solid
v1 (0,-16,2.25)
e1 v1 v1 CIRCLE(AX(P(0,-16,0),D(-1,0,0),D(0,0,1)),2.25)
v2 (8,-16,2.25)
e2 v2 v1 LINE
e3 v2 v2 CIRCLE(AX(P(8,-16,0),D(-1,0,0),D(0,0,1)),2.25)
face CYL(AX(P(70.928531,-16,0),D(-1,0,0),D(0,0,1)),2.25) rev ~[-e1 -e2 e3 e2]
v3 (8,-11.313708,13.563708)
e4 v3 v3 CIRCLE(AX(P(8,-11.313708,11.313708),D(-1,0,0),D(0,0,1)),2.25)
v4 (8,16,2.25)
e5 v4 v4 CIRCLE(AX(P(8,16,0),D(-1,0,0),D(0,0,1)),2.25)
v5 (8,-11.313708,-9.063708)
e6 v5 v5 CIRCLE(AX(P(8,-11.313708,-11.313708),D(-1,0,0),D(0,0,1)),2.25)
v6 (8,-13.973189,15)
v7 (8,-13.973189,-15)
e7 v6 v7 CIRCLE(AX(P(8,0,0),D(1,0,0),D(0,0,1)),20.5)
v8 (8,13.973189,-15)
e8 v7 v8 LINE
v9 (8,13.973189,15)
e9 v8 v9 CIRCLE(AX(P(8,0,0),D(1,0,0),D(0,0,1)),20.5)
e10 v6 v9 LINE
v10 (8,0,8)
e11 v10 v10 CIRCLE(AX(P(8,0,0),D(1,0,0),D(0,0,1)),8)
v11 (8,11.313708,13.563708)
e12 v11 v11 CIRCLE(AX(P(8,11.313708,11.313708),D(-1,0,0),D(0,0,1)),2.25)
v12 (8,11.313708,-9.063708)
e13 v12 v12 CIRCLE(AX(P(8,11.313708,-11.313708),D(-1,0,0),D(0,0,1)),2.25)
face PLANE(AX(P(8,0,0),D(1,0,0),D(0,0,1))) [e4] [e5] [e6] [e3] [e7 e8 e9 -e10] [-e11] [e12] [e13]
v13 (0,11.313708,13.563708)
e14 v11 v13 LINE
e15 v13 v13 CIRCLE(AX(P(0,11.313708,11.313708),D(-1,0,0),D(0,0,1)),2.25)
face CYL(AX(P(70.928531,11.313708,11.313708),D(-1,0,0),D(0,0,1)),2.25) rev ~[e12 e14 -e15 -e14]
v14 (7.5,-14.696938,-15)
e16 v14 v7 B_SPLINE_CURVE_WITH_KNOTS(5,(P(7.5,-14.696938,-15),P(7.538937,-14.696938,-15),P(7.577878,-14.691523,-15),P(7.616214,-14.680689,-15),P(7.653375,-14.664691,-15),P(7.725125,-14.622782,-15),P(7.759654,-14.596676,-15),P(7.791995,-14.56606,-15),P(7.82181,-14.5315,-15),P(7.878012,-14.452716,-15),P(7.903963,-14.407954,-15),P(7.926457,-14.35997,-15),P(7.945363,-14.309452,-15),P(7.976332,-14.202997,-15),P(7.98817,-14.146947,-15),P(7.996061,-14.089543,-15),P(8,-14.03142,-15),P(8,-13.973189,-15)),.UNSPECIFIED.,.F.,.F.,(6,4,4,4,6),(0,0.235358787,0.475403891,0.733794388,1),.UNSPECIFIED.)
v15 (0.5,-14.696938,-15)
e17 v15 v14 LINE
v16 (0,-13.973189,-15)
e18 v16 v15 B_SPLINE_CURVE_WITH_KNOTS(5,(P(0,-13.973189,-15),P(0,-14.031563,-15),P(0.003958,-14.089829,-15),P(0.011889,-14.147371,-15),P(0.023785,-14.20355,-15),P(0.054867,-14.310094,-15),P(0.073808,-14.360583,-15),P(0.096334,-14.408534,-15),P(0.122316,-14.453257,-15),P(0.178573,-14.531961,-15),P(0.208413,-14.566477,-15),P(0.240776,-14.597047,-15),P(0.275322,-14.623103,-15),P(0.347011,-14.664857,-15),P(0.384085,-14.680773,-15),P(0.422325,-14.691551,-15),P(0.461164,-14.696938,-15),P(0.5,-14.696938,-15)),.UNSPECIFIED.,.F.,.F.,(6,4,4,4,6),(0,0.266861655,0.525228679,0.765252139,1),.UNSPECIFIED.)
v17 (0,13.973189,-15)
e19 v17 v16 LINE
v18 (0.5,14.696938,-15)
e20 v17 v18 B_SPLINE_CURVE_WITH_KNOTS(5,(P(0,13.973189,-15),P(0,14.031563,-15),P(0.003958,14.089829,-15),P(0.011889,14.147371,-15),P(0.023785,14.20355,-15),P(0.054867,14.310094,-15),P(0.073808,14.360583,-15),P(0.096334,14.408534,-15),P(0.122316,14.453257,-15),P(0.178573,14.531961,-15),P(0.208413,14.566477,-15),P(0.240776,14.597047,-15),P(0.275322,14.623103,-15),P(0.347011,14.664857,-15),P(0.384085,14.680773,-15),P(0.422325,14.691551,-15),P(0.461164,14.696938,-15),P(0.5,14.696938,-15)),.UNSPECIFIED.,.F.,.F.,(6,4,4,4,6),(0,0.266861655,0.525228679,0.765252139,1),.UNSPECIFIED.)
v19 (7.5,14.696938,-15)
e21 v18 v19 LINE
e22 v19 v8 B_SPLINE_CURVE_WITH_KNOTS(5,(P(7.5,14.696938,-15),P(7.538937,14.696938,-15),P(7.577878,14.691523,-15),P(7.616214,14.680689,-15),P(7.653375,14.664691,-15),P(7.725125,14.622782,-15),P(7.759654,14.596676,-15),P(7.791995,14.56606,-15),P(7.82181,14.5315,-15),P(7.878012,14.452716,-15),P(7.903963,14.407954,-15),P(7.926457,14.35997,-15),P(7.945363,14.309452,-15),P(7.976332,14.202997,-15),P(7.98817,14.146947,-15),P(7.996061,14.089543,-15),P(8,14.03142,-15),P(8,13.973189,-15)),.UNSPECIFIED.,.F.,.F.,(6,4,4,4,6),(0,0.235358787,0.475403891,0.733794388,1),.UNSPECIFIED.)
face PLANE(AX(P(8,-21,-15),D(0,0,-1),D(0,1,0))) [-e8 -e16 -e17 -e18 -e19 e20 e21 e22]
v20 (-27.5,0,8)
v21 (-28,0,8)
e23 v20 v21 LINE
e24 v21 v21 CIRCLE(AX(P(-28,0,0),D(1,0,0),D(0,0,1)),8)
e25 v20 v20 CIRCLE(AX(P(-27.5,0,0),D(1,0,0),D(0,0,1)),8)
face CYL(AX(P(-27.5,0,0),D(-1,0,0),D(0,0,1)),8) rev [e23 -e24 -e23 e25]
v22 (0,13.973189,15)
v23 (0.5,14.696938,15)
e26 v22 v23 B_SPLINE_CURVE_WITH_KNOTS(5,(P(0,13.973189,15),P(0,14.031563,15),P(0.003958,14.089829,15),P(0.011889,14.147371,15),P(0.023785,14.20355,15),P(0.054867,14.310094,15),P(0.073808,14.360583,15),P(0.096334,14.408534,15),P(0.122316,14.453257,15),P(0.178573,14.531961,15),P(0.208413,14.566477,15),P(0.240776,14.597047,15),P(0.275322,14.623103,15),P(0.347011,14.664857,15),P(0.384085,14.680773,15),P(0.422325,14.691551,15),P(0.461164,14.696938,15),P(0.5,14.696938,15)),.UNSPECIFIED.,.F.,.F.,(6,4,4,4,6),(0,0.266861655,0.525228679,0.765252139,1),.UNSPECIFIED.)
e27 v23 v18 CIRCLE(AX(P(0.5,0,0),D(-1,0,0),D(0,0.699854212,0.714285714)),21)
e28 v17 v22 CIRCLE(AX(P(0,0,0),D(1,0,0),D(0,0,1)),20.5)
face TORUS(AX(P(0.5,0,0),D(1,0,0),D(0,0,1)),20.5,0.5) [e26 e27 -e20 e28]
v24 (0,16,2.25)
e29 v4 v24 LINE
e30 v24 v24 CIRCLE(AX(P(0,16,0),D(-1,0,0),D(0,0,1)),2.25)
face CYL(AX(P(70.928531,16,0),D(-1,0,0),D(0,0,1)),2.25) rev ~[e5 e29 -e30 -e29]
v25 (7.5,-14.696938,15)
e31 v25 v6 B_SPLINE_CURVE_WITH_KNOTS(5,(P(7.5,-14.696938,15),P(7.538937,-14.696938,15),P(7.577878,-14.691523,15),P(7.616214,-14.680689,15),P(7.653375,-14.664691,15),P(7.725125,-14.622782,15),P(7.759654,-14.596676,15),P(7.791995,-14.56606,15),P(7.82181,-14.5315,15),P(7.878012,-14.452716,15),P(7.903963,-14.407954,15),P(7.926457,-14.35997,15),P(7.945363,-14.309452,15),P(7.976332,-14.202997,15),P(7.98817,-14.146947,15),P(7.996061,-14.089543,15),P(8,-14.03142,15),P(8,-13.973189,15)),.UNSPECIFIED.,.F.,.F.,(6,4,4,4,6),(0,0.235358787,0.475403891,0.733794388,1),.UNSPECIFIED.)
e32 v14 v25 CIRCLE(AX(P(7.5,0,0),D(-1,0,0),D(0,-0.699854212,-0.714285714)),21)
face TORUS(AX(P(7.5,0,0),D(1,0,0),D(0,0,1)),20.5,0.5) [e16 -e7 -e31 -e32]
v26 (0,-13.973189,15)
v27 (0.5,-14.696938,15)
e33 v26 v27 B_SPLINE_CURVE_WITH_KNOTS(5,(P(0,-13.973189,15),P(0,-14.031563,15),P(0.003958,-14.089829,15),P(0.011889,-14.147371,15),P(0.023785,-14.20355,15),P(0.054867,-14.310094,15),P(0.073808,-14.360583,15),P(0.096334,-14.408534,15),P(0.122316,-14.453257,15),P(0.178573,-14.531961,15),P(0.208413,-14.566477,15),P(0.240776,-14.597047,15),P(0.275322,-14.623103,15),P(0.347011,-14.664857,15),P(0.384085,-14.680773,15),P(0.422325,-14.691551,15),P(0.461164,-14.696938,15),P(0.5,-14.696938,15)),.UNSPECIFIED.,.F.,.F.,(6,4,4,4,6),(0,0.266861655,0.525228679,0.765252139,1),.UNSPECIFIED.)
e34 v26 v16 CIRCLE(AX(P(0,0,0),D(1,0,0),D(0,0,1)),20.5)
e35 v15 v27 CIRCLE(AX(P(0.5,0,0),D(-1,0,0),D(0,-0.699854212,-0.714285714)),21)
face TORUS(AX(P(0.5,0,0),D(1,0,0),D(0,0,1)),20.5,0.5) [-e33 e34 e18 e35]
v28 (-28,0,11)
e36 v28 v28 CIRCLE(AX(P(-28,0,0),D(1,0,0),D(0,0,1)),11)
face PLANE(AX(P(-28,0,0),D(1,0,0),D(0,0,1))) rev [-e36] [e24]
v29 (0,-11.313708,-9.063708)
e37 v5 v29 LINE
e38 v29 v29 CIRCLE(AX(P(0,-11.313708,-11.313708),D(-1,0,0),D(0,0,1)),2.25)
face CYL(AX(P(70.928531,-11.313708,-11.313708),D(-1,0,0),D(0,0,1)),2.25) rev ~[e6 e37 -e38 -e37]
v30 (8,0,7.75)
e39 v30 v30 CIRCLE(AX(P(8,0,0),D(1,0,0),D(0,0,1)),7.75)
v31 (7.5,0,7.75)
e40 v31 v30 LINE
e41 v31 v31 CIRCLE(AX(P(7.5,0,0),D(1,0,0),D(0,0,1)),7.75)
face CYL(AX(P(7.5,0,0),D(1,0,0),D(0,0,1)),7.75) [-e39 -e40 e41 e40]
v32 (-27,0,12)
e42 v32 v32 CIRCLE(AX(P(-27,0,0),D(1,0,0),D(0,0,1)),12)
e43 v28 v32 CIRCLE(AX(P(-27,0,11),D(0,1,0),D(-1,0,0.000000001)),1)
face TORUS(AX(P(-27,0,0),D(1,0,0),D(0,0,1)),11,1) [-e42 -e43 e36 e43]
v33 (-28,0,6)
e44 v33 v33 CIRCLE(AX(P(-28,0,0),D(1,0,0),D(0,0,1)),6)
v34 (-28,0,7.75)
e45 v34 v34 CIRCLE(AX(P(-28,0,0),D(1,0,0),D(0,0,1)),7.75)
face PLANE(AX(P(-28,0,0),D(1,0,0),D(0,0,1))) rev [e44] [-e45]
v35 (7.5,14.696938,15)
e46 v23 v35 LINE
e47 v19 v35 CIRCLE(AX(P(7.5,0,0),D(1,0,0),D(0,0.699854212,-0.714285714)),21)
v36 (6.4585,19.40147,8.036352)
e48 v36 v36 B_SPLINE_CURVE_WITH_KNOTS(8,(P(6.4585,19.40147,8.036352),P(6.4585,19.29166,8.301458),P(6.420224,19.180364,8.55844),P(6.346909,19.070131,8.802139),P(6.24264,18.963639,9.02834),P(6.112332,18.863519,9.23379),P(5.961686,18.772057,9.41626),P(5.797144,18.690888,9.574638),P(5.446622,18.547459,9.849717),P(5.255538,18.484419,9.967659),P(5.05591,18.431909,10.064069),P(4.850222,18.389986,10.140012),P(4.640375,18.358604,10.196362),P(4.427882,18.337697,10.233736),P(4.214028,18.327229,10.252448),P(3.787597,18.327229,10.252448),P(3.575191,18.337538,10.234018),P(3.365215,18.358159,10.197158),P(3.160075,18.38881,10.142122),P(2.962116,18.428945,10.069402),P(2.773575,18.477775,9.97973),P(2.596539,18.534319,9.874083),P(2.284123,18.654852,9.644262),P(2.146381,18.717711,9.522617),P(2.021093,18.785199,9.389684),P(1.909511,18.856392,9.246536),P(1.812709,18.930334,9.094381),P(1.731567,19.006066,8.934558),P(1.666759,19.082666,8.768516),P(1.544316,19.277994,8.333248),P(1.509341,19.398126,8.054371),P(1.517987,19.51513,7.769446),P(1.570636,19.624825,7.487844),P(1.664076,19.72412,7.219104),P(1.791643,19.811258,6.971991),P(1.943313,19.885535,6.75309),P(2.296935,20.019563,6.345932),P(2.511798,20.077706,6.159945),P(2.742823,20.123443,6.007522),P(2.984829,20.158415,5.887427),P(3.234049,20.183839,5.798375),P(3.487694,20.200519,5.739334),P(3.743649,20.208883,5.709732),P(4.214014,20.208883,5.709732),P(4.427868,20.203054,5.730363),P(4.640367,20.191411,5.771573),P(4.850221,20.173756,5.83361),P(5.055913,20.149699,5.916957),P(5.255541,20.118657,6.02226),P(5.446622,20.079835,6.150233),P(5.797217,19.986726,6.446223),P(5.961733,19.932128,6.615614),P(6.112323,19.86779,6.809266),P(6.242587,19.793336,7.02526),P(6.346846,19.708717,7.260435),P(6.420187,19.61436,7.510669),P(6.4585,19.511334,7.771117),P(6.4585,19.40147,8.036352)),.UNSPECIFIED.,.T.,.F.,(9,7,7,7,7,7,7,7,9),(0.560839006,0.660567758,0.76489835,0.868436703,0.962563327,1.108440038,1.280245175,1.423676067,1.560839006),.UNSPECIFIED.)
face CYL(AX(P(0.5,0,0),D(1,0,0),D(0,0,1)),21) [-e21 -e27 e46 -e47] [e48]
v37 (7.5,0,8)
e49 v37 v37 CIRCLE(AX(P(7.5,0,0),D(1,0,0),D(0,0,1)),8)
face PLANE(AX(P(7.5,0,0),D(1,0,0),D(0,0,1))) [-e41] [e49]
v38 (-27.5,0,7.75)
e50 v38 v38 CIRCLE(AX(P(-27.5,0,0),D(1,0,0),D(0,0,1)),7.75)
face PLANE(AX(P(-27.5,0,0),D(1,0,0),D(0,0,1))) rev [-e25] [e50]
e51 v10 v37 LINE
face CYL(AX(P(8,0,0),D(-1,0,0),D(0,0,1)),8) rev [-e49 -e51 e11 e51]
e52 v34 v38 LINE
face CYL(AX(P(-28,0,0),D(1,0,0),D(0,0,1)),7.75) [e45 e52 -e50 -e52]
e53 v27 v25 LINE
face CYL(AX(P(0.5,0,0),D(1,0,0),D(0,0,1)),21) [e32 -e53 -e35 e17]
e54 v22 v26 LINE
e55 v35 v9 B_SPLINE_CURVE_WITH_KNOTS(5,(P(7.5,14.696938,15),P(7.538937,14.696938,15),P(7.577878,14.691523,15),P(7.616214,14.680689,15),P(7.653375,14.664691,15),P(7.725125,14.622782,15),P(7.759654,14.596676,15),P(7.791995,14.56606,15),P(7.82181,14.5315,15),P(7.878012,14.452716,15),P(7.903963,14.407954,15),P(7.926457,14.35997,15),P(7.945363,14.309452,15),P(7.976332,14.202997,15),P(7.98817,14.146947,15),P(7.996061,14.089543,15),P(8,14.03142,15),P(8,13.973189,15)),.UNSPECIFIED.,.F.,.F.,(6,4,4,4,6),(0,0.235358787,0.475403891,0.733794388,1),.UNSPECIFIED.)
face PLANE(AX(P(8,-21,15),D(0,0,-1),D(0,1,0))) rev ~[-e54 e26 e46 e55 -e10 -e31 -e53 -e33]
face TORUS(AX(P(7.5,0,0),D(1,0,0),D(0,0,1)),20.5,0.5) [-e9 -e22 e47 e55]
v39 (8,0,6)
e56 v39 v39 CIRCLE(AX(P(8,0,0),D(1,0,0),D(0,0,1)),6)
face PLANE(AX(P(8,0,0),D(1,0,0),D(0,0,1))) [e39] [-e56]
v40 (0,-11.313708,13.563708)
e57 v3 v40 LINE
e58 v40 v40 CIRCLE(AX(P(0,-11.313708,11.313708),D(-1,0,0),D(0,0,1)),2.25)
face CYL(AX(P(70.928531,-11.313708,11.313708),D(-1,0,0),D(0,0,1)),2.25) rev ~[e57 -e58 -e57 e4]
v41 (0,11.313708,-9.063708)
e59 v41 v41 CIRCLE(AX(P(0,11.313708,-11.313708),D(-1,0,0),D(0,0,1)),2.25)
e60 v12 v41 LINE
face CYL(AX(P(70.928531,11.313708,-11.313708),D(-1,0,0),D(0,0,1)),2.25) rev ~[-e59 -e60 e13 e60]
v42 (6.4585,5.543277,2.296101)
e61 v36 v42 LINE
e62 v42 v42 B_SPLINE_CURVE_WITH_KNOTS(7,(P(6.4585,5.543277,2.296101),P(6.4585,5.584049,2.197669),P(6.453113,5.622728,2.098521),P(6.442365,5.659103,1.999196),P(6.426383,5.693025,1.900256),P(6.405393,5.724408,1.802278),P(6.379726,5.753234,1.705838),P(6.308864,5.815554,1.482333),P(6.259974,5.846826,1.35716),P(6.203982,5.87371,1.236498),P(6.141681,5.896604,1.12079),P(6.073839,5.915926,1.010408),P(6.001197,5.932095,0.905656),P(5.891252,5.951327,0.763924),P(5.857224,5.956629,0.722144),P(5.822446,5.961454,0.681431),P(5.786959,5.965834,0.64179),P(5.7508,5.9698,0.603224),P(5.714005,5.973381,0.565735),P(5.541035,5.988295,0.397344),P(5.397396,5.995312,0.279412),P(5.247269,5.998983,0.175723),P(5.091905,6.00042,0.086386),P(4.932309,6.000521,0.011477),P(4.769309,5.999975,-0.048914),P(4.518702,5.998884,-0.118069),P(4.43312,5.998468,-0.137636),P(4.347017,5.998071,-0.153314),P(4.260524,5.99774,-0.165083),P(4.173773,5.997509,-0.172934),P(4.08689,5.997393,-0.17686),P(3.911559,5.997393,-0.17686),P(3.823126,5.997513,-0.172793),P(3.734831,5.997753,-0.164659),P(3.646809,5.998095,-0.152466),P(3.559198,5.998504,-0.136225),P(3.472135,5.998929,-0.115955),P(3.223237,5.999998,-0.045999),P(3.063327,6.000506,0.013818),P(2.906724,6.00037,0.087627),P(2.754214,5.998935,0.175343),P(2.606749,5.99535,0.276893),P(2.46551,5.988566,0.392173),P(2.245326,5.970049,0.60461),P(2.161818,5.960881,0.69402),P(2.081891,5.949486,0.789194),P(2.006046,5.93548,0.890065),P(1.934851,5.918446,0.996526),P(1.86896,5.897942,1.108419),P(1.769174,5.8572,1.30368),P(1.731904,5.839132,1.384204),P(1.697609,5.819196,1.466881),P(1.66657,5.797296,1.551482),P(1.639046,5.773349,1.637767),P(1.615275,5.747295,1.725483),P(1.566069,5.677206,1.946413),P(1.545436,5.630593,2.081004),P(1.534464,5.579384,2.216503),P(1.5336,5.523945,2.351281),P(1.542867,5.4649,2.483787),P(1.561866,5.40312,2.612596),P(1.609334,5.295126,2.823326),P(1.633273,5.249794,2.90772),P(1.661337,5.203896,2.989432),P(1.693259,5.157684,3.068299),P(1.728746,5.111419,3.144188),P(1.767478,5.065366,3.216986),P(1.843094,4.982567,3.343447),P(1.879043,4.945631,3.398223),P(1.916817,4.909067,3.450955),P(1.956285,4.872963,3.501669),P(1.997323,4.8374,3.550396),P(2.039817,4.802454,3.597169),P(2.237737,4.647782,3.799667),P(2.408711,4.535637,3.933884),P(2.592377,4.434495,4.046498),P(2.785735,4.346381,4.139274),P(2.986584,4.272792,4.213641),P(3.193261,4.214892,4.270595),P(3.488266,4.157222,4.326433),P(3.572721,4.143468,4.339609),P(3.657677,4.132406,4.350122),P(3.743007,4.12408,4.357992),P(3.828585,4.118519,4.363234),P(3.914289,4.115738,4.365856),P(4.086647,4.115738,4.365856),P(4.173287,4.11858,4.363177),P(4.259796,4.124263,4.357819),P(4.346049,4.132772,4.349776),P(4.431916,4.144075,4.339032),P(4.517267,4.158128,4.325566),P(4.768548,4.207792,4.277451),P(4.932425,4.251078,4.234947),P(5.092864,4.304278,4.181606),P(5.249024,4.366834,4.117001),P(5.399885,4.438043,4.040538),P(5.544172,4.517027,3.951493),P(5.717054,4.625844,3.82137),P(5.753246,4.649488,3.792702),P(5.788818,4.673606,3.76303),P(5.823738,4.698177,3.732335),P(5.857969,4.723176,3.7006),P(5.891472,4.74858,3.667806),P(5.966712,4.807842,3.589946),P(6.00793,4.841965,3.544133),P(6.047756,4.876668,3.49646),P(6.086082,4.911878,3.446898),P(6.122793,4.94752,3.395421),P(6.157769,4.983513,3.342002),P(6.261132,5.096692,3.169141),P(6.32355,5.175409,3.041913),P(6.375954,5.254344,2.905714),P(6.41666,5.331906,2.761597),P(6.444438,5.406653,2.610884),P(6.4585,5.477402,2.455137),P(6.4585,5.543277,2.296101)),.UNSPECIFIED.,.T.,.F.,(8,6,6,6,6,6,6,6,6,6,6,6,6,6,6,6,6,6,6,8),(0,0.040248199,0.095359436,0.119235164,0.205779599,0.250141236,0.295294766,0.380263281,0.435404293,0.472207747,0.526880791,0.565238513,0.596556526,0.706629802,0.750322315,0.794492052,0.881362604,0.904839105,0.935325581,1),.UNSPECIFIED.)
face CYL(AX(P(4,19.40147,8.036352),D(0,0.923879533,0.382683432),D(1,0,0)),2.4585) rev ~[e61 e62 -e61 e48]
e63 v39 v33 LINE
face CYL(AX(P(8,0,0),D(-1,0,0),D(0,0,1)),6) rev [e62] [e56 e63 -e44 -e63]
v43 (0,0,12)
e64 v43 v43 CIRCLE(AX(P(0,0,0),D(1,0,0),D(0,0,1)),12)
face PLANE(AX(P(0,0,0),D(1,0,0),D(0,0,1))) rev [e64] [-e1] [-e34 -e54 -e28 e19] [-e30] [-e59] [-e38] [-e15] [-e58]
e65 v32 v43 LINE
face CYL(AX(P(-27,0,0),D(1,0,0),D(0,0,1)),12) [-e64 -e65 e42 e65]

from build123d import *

# Parameters (mm, degrees)
SKETCH2_OUTSIDE_W   = 57.892
SKETCH2_OUTSIDE_H   = 57.892
SKETCH2_OUTSIDE_W_2 = 30
SKETCH2_OUTSIDE_H_2 = 42
CUT_EXTRUDE1_DEPTH  = 10
DIAMETERHOLE1_D     = 4.5
TAP1_REACH          = 56.286
TAP1_BORE_R         = 2.4585


with BuildPart() as part:
    # Sketch1 → Revolve1 (revolve)
    with BuildSketch(Plane.XY, mode=Mode.PRIVATE) as revolve1_sk:
        with BuildLine():
            Line((-28, 8), (-28, 11))
            ThreePointArc((-28, 11), (-27.707106781, 11.707106781), (-27, 12))
            Line((-27, 12), (0, 12))
            Line((0, 12), (0, 20.5))
            ThreePointArc((0, 20.5), (0.146446609, 20.853553391), (0.5, 21))
            Line((0.5, 21), (7.5, 21))
            ThreePointArc((7.5, 21), (7.853553391, 20.853553391), (8, 20.5))
            Line((8, 20.5), (8, 8))
            Line((8, 8), (7.5, 8))
            Line((7.5, 8), (7.5, 7.75))
            Line((7.5, 7.75), (8, 7.75))
            Line((8, 7.75), (8, 6))
            Line((8, 6), (-28, 6))
            Line((-28, 6), (-28, 7.75))
            Line((-28, 7.75), (-27.5, 7.75))
            Line((-27.5, 7.75), (-27.5, 8))
            Line((-27.5, 8), (-28, 8))
        make_face()
    revolve(revolve1_sk.sketch.rotate(Axis((-29.8, 0, 0), (1, 0, 0)), 90), axis=Axis((-29.8, 0, 0), (1, 0, 0)))

    # Sketch2 outside → Cut-Extrude1 (cut)
    with BuildSketch(Plane(origin=(8, 0, 0), x_dir=(0, 0, -1), z_dir=(1, 0, 0))):
        Rectangle(SKETCH2_OUTSIDE_W, SKETCH2_OUTSIDE_H)
        Rectangle(SKETCH2_OUTSIDE_W_2, SKETCH2_OUTSIDE_H_2, mode=Mode.SUBTRACT)
    extrude(amount=-CUT_EXTRUDE1_DEPTH, mode=Mode.SUBTRACT)

    # DiameterHole1 (through all)
    with Locations(Plane(origin=(8, 0, 0), x_dir=(0, 0, -1), z_dir=(1, 0, 0))):
        with Locations((11.313708499, 11.313708499), (0, 16), (-11.313708499, 11.313708499), (-11.313708499, -11.313708499), (0, -16), (11.313708499, -11.313708499)):
            Hole(DIAMETERHOLE1_D / 2)

    # Tap1 bore → Tap1 (cut, up to next)
    with BuildSketch(Plane(origin=(0, 19.401470183, 8.03635208), x_dir=(1, 0, 0), z_dir=(0, 0.9238795325112865, 0.3826834323650906)), mode=Mode.PRIVATE) as tap1_sk1:
        with Locations((4, 0)):
            Circle(TAP1_BORE_R)
    tap1_tool1 = extrude(tap1_sk1.sketch, amount=-TAP1_REACH, mode=Mode.PRIVATE) & part.part
    add(tap1_tool1.solids().sort_by_distance((4, 19.40147, 8.036352))[0], mode=Mode.SUBTRACT)


solid = part.part
